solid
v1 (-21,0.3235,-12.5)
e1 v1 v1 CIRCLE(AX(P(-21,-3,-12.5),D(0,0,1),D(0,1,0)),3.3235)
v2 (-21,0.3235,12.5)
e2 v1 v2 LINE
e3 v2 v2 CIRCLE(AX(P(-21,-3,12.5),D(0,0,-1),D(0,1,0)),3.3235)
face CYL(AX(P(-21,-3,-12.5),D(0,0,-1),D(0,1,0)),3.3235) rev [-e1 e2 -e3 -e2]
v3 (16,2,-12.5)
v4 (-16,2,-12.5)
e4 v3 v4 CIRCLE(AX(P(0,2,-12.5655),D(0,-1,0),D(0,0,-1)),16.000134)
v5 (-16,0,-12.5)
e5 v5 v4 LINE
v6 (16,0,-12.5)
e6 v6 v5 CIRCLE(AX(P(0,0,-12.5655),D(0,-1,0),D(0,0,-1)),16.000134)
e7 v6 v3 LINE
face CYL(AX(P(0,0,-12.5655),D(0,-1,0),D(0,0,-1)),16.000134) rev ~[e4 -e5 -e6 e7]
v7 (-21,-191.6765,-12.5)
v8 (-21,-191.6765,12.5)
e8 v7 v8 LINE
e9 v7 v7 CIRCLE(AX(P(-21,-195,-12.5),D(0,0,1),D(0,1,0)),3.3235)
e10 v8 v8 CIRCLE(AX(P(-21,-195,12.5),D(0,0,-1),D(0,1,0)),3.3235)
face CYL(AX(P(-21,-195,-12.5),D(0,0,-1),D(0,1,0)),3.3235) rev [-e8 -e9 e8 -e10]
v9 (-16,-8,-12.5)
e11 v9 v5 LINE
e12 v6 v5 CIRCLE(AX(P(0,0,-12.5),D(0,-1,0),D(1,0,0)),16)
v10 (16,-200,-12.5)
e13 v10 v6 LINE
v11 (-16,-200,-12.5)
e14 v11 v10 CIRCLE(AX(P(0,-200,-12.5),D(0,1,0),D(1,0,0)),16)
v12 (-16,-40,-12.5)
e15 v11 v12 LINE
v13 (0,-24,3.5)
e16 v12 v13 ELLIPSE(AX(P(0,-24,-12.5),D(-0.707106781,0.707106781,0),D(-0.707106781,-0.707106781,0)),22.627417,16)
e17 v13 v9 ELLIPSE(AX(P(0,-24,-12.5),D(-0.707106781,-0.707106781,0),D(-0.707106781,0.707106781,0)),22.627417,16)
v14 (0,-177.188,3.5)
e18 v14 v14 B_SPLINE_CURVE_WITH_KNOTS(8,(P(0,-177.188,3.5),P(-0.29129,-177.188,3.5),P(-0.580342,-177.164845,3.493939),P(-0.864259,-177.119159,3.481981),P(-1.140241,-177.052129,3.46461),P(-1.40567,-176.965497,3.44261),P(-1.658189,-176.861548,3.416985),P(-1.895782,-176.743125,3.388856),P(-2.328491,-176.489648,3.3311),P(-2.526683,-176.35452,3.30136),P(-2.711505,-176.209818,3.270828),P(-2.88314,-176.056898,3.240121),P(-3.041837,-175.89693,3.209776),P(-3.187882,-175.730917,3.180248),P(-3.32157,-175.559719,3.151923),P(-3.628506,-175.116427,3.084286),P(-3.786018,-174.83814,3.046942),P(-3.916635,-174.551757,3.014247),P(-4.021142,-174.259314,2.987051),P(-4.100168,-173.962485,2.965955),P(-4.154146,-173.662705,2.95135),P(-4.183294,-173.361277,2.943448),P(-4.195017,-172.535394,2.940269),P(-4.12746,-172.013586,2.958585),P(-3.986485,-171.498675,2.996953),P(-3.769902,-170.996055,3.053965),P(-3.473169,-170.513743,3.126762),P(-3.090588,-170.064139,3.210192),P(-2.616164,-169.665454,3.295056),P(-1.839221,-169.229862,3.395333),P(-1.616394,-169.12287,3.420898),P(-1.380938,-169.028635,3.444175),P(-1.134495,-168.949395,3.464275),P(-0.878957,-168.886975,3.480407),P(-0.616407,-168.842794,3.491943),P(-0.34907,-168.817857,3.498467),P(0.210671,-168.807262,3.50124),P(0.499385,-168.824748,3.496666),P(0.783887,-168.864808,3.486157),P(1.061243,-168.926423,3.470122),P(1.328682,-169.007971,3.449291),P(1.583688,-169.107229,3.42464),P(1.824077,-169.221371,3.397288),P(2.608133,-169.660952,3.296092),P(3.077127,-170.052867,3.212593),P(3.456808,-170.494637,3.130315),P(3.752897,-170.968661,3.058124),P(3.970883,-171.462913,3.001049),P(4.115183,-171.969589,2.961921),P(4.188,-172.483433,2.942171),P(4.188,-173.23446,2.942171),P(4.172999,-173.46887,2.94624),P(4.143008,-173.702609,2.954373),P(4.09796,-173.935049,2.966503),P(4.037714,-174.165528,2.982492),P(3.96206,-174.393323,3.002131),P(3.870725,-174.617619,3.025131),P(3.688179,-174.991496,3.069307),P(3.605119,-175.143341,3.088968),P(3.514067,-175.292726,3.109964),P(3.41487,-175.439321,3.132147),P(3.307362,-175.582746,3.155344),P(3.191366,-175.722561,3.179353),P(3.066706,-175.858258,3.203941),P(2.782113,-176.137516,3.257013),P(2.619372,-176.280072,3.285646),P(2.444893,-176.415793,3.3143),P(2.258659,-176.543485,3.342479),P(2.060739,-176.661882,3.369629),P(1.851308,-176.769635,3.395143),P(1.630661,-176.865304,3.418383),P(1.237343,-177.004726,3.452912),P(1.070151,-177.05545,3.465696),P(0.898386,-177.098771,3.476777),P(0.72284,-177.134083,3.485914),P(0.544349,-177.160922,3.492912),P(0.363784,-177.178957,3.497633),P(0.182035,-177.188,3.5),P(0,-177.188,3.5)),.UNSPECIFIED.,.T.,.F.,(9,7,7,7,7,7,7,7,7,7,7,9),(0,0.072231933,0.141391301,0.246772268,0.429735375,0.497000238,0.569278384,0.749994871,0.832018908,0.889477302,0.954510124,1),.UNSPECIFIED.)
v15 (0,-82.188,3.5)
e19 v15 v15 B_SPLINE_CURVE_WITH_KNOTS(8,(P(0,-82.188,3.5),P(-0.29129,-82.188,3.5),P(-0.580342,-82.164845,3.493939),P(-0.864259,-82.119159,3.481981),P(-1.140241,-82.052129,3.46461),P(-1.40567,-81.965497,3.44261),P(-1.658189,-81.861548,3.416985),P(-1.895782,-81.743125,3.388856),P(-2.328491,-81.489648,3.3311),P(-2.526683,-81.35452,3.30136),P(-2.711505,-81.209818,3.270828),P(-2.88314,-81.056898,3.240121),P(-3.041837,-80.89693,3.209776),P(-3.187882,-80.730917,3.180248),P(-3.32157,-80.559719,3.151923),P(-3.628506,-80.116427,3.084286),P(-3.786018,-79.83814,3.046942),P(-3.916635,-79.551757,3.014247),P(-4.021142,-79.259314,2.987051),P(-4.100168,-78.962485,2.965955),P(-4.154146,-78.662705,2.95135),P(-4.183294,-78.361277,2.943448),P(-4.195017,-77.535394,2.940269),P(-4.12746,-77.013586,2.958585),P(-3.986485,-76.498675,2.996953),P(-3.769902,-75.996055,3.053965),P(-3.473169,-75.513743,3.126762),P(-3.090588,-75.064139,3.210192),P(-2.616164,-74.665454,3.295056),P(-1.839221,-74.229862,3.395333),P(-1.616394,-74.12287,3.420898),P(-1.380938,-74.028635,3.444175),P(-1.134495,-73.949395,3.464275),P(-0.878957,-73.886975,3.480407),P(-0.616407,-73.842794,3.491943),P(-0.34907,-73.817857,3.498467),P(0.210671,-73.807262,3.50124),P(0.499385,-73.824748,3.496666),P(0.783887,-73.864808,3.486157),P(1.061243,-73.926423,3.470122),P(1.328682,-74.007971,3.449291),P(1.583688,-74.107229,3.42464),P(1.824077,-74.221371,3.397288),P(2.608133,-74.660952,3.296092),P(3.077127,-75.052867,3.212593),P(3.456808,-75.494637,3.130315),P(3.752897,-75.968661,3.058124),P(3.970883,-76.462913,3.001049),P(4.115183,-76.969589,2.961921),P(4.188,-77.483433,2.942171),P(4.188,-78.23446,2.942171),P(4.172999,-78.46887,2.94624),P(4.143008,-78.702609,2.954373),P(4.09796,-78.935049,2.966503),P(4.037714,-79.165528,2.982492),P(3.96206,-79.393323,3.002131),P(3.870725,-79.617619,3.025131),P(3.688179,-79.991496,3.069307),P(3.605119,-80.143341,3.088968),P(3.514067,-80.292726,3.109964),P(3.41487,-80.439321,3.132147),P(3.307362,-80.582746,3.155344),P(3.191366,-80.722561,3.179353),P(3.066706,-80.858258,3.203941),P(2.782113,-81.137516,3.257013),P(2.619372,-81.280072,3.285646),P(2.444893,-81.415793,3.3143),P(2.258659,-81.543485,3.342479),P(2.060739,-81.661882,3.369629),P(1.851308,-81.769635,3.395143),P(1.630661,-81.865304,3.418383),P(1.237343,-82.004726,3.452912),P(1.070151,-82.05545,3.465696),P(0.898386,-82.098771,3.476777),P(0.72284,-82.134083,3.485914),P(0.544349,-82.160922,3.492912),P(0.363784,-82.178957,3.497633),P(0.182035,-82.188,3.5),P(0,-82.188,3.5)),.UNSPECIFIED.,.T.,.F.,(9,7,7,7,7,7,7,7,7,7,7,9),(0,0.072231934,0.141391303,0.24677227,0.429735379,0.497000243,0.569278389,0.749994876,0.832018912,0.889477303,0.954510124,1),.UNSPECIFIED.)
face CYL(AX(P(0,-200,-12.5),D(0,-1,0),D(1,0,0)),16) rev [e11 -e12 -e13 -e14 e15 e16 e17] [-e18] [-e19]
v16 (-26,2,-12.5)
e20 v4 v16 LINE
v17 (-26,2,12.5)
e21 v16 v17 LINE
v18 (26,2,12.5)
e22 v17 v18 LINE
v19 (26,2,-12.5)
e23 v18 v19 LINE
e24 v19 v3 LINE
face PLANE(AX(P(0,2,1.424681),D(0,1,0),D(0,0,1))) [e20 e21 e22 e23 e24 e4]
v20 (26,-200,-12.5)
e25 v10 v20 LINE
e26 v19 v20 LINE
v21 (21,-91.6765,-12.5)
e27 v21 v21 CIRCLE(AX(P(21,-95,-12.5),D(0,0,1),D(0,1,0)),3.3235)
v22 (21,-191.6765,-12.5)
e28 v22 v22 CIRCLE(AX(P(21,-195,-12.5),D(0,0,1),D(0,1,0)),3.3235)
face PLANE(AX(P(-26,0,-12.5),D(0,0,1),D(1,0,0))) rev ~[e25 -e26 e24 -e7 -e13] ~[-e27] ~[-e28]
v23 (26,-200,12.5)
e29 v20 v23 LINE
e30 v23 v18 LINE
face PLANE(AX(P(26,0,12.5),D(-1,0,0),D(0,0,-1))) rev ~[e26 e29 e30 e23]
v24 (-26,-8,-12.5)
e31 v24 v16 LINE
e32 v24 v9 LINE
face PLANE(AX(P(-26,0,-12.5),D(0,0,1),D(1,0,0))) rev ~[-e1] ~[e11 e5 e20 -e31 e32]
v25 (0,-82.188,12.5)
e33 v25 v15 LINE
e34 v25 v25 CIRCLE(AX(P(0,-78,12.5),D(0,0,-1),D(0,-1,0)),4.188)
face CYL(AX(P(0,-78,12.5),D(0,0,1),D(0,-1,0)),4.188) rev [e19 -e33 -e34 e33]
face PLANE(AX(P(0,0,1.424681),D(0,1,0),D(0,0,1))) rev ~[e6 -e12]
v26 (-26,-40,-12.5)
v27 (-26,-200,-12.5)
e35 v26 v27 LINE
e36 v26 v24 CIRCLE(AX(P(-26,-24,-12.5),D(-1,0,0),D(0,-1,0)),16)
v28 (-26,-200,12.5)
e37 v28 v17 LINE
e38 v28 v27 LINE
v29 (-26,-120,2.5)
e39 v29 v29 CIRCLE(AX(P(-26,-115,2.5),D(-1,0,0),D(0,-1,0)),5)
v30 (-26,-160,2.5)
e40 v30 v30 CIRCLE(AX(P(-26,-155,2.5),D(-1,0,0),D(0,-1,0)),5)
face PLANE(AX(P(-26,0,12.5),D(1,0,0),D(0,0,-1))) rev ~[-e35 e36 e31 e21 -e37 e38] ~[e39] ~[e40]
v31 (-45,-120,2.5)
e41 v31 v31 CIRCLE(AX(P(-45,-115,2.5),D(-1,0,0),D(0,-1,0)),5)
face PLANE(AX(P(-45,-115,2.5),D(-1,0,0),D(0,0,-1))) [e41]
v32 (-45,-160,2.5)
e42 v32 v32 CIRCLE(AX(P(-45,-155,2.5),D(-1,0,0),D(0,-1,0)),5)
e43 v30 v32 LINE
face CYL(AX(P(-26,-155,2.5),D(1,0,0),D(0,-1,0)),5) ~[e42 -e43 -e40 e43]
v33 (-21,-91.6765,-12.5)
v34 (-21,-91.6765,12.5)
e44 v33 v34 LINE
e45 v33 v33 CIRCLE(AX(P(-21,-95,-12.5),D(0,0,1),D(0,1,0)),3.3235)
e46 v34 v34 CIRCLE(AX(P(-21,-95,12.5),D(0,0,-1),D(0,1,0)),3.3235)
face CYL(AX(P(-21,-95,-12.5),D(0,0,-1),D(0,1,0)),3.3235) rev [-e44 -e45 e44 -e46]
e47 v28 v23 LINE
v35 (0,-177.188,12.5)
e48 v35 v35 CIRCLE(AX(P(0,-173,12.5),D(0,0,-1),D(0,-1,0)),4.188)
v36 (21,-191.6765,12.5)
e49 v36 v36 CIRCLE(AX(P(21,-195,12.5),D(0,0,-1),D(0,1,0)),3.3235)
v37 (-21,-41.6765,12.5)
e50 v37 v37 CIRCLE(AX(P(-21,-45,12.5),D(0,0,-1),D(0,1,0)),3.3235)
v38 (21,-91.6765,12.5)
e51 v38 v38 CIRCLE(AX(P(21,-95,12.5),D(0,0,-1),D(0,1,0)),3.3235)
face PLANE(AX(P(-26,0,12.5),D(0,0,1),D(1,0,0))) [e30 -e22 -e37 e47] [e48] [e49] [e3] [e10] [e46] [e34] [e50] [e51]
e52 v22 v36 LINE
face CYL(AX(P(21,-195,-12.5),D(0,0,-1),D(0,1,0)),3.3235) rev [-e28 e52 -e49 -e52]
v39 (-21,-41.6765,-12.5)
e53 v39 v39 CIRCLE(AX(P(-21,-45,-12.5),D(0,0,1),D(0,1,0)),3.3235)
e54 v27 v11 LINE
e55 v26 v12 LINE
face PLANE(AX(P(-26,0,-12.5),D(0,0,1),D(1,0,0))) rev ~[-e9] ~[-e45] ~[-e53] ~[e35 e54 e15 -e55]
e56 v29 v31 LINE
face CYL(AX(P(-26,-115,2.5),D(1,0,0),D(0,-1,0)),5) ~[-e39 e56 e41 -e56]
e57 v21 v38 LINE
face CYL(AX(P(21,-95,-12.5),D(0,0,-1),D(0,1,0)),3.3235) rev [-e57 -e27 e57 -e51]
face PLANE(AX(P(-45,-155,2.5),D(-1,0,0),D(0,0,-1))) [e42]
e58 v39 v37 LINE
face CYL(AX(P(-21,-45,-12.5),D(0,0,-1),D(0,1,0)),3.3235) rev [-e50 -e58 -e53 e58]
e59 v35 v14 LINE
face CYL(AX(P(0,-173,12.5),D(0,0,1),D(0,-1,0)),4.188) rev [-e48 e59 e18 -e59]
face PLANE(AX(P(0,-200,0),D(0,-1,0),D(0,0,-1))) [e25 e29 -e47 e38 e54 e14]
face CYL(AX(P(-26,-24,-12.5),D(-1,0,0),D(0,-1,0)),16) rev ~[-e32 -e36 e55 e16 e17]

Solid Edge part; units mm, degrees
sketch "Sketch1" plane through (0, 0, 0) normal (0, -1, 0) x (1, 0, 0)
  line L0 (-26, -12.5) -> (26, -12.5)
  line L1 (26, -12.5) -> (26, 12.5)
  line L2 (-26, 12.5) -> (26, 12.5)
  line L3 (-26, 12.5) -> (-26, -12.5)
  dimension "D1" = 25
  dimension "D2" = 52
extrude "Protrusion1" add sketch "Sketch1" along normal blind 200
sketch "Sketch2" plane through (0, -200, 0) normal (0, -1, 0) x (1, 0, 0)
  line L0 (-16, -12.5) -> (16, -12.5)
  arc A0 (-16, -12.5) -> (16, -12.5) centre (0, -12.5) cw
  dimension "D1" = 32
extrude "Cutout1" cut sketch "Sketch2" against normal up to next
sketch "Sketch3" plane through (-26, -100, 0) normal (-1, 0, 0) x (0, -1, 0)
  circle A0 centre (55, 2.5) radius 5
  circle A1 centre (15, 2.5) radius 5
  dimension "D1" = 40
  dimension "D2" = 10
  dimension "D3" = 10
  dimension "D4" = 10
  dimension "D5" = 14.5
extrude "ExtrudedProtrusion_3" add sketch "Sketch3" along normal blind 19
cosmetic_thread "Thread1" size "Tr 10 x 2"
cosmetic_thread "Thread2" size "Tr 10 x 2"
hole "Hole1" at (-21, -195, -12.5) direction (0, 0, 1) diameter 6.647 end up to next
hole "Hole2" at (-21, -95, -12.5) direction (0, 0, 1) diameter 6.647 end up to next
hole "Hole3" at (21, -195, -12.5) direction (0, 0, 1) diameter 6.647 end up to next
hole "Hole4" at (21, -95, -12.5) direction (0, 0, 1) diameter 6.647 end up to next
sketch "Sketch4" plane through (-26, -100, 0) normal (-1, 0, 0) x (0, -1, 0)
  line L0 (-92, -12.5) -> (-60, -12.5)
  arc A0 (-60, -12.5) -> (-92, -12.5) centre (-76, -12.5) ccw
  dimension "D1" = 24
  dimension "D2" = 16
extrude "Cutout2" cut sketch "Sketch4" against normal up to next
sketch "Sketch5" plane through (0, 0, 0) normal (0, 1, 0) x (0, 0, -1)
  line L0 (12.5, 16) -> (12.5, 26)
  line L1 (12.5, 26) -> (-12.5, 26)
  line L2 (-12.5, 26) -> (-12.5, -26)
  line L3 (-12.5, -26) -> (12.5, -26)
  line L4 (12.5, -26) -> (12.5, -16)
  arc A0 (12.5, -16) -> (12.5, 16) centre (12.5655, 0) cw
extrude "ExtrudedProtrusion_4" add sketch "Sketch5" along normal blind 2
hole "Hole_17" at (-21, -45, -12.5) direction (0, 0, 1) diameter 6.647 end up to next
hole "Hole5" at (-21, -3, -12.5) direction (0, 0, 1) diameter 6.647 end up to next
hole "Hole_21" at (0, -173, 12.5) direction (0, 0, -1) diameter 8.376 end up to next
hole "Hole6" at (0, -78, 12.5) direction (0, 0, -1) diameter 8.376 end up to next
properties material "Stainless steel"
